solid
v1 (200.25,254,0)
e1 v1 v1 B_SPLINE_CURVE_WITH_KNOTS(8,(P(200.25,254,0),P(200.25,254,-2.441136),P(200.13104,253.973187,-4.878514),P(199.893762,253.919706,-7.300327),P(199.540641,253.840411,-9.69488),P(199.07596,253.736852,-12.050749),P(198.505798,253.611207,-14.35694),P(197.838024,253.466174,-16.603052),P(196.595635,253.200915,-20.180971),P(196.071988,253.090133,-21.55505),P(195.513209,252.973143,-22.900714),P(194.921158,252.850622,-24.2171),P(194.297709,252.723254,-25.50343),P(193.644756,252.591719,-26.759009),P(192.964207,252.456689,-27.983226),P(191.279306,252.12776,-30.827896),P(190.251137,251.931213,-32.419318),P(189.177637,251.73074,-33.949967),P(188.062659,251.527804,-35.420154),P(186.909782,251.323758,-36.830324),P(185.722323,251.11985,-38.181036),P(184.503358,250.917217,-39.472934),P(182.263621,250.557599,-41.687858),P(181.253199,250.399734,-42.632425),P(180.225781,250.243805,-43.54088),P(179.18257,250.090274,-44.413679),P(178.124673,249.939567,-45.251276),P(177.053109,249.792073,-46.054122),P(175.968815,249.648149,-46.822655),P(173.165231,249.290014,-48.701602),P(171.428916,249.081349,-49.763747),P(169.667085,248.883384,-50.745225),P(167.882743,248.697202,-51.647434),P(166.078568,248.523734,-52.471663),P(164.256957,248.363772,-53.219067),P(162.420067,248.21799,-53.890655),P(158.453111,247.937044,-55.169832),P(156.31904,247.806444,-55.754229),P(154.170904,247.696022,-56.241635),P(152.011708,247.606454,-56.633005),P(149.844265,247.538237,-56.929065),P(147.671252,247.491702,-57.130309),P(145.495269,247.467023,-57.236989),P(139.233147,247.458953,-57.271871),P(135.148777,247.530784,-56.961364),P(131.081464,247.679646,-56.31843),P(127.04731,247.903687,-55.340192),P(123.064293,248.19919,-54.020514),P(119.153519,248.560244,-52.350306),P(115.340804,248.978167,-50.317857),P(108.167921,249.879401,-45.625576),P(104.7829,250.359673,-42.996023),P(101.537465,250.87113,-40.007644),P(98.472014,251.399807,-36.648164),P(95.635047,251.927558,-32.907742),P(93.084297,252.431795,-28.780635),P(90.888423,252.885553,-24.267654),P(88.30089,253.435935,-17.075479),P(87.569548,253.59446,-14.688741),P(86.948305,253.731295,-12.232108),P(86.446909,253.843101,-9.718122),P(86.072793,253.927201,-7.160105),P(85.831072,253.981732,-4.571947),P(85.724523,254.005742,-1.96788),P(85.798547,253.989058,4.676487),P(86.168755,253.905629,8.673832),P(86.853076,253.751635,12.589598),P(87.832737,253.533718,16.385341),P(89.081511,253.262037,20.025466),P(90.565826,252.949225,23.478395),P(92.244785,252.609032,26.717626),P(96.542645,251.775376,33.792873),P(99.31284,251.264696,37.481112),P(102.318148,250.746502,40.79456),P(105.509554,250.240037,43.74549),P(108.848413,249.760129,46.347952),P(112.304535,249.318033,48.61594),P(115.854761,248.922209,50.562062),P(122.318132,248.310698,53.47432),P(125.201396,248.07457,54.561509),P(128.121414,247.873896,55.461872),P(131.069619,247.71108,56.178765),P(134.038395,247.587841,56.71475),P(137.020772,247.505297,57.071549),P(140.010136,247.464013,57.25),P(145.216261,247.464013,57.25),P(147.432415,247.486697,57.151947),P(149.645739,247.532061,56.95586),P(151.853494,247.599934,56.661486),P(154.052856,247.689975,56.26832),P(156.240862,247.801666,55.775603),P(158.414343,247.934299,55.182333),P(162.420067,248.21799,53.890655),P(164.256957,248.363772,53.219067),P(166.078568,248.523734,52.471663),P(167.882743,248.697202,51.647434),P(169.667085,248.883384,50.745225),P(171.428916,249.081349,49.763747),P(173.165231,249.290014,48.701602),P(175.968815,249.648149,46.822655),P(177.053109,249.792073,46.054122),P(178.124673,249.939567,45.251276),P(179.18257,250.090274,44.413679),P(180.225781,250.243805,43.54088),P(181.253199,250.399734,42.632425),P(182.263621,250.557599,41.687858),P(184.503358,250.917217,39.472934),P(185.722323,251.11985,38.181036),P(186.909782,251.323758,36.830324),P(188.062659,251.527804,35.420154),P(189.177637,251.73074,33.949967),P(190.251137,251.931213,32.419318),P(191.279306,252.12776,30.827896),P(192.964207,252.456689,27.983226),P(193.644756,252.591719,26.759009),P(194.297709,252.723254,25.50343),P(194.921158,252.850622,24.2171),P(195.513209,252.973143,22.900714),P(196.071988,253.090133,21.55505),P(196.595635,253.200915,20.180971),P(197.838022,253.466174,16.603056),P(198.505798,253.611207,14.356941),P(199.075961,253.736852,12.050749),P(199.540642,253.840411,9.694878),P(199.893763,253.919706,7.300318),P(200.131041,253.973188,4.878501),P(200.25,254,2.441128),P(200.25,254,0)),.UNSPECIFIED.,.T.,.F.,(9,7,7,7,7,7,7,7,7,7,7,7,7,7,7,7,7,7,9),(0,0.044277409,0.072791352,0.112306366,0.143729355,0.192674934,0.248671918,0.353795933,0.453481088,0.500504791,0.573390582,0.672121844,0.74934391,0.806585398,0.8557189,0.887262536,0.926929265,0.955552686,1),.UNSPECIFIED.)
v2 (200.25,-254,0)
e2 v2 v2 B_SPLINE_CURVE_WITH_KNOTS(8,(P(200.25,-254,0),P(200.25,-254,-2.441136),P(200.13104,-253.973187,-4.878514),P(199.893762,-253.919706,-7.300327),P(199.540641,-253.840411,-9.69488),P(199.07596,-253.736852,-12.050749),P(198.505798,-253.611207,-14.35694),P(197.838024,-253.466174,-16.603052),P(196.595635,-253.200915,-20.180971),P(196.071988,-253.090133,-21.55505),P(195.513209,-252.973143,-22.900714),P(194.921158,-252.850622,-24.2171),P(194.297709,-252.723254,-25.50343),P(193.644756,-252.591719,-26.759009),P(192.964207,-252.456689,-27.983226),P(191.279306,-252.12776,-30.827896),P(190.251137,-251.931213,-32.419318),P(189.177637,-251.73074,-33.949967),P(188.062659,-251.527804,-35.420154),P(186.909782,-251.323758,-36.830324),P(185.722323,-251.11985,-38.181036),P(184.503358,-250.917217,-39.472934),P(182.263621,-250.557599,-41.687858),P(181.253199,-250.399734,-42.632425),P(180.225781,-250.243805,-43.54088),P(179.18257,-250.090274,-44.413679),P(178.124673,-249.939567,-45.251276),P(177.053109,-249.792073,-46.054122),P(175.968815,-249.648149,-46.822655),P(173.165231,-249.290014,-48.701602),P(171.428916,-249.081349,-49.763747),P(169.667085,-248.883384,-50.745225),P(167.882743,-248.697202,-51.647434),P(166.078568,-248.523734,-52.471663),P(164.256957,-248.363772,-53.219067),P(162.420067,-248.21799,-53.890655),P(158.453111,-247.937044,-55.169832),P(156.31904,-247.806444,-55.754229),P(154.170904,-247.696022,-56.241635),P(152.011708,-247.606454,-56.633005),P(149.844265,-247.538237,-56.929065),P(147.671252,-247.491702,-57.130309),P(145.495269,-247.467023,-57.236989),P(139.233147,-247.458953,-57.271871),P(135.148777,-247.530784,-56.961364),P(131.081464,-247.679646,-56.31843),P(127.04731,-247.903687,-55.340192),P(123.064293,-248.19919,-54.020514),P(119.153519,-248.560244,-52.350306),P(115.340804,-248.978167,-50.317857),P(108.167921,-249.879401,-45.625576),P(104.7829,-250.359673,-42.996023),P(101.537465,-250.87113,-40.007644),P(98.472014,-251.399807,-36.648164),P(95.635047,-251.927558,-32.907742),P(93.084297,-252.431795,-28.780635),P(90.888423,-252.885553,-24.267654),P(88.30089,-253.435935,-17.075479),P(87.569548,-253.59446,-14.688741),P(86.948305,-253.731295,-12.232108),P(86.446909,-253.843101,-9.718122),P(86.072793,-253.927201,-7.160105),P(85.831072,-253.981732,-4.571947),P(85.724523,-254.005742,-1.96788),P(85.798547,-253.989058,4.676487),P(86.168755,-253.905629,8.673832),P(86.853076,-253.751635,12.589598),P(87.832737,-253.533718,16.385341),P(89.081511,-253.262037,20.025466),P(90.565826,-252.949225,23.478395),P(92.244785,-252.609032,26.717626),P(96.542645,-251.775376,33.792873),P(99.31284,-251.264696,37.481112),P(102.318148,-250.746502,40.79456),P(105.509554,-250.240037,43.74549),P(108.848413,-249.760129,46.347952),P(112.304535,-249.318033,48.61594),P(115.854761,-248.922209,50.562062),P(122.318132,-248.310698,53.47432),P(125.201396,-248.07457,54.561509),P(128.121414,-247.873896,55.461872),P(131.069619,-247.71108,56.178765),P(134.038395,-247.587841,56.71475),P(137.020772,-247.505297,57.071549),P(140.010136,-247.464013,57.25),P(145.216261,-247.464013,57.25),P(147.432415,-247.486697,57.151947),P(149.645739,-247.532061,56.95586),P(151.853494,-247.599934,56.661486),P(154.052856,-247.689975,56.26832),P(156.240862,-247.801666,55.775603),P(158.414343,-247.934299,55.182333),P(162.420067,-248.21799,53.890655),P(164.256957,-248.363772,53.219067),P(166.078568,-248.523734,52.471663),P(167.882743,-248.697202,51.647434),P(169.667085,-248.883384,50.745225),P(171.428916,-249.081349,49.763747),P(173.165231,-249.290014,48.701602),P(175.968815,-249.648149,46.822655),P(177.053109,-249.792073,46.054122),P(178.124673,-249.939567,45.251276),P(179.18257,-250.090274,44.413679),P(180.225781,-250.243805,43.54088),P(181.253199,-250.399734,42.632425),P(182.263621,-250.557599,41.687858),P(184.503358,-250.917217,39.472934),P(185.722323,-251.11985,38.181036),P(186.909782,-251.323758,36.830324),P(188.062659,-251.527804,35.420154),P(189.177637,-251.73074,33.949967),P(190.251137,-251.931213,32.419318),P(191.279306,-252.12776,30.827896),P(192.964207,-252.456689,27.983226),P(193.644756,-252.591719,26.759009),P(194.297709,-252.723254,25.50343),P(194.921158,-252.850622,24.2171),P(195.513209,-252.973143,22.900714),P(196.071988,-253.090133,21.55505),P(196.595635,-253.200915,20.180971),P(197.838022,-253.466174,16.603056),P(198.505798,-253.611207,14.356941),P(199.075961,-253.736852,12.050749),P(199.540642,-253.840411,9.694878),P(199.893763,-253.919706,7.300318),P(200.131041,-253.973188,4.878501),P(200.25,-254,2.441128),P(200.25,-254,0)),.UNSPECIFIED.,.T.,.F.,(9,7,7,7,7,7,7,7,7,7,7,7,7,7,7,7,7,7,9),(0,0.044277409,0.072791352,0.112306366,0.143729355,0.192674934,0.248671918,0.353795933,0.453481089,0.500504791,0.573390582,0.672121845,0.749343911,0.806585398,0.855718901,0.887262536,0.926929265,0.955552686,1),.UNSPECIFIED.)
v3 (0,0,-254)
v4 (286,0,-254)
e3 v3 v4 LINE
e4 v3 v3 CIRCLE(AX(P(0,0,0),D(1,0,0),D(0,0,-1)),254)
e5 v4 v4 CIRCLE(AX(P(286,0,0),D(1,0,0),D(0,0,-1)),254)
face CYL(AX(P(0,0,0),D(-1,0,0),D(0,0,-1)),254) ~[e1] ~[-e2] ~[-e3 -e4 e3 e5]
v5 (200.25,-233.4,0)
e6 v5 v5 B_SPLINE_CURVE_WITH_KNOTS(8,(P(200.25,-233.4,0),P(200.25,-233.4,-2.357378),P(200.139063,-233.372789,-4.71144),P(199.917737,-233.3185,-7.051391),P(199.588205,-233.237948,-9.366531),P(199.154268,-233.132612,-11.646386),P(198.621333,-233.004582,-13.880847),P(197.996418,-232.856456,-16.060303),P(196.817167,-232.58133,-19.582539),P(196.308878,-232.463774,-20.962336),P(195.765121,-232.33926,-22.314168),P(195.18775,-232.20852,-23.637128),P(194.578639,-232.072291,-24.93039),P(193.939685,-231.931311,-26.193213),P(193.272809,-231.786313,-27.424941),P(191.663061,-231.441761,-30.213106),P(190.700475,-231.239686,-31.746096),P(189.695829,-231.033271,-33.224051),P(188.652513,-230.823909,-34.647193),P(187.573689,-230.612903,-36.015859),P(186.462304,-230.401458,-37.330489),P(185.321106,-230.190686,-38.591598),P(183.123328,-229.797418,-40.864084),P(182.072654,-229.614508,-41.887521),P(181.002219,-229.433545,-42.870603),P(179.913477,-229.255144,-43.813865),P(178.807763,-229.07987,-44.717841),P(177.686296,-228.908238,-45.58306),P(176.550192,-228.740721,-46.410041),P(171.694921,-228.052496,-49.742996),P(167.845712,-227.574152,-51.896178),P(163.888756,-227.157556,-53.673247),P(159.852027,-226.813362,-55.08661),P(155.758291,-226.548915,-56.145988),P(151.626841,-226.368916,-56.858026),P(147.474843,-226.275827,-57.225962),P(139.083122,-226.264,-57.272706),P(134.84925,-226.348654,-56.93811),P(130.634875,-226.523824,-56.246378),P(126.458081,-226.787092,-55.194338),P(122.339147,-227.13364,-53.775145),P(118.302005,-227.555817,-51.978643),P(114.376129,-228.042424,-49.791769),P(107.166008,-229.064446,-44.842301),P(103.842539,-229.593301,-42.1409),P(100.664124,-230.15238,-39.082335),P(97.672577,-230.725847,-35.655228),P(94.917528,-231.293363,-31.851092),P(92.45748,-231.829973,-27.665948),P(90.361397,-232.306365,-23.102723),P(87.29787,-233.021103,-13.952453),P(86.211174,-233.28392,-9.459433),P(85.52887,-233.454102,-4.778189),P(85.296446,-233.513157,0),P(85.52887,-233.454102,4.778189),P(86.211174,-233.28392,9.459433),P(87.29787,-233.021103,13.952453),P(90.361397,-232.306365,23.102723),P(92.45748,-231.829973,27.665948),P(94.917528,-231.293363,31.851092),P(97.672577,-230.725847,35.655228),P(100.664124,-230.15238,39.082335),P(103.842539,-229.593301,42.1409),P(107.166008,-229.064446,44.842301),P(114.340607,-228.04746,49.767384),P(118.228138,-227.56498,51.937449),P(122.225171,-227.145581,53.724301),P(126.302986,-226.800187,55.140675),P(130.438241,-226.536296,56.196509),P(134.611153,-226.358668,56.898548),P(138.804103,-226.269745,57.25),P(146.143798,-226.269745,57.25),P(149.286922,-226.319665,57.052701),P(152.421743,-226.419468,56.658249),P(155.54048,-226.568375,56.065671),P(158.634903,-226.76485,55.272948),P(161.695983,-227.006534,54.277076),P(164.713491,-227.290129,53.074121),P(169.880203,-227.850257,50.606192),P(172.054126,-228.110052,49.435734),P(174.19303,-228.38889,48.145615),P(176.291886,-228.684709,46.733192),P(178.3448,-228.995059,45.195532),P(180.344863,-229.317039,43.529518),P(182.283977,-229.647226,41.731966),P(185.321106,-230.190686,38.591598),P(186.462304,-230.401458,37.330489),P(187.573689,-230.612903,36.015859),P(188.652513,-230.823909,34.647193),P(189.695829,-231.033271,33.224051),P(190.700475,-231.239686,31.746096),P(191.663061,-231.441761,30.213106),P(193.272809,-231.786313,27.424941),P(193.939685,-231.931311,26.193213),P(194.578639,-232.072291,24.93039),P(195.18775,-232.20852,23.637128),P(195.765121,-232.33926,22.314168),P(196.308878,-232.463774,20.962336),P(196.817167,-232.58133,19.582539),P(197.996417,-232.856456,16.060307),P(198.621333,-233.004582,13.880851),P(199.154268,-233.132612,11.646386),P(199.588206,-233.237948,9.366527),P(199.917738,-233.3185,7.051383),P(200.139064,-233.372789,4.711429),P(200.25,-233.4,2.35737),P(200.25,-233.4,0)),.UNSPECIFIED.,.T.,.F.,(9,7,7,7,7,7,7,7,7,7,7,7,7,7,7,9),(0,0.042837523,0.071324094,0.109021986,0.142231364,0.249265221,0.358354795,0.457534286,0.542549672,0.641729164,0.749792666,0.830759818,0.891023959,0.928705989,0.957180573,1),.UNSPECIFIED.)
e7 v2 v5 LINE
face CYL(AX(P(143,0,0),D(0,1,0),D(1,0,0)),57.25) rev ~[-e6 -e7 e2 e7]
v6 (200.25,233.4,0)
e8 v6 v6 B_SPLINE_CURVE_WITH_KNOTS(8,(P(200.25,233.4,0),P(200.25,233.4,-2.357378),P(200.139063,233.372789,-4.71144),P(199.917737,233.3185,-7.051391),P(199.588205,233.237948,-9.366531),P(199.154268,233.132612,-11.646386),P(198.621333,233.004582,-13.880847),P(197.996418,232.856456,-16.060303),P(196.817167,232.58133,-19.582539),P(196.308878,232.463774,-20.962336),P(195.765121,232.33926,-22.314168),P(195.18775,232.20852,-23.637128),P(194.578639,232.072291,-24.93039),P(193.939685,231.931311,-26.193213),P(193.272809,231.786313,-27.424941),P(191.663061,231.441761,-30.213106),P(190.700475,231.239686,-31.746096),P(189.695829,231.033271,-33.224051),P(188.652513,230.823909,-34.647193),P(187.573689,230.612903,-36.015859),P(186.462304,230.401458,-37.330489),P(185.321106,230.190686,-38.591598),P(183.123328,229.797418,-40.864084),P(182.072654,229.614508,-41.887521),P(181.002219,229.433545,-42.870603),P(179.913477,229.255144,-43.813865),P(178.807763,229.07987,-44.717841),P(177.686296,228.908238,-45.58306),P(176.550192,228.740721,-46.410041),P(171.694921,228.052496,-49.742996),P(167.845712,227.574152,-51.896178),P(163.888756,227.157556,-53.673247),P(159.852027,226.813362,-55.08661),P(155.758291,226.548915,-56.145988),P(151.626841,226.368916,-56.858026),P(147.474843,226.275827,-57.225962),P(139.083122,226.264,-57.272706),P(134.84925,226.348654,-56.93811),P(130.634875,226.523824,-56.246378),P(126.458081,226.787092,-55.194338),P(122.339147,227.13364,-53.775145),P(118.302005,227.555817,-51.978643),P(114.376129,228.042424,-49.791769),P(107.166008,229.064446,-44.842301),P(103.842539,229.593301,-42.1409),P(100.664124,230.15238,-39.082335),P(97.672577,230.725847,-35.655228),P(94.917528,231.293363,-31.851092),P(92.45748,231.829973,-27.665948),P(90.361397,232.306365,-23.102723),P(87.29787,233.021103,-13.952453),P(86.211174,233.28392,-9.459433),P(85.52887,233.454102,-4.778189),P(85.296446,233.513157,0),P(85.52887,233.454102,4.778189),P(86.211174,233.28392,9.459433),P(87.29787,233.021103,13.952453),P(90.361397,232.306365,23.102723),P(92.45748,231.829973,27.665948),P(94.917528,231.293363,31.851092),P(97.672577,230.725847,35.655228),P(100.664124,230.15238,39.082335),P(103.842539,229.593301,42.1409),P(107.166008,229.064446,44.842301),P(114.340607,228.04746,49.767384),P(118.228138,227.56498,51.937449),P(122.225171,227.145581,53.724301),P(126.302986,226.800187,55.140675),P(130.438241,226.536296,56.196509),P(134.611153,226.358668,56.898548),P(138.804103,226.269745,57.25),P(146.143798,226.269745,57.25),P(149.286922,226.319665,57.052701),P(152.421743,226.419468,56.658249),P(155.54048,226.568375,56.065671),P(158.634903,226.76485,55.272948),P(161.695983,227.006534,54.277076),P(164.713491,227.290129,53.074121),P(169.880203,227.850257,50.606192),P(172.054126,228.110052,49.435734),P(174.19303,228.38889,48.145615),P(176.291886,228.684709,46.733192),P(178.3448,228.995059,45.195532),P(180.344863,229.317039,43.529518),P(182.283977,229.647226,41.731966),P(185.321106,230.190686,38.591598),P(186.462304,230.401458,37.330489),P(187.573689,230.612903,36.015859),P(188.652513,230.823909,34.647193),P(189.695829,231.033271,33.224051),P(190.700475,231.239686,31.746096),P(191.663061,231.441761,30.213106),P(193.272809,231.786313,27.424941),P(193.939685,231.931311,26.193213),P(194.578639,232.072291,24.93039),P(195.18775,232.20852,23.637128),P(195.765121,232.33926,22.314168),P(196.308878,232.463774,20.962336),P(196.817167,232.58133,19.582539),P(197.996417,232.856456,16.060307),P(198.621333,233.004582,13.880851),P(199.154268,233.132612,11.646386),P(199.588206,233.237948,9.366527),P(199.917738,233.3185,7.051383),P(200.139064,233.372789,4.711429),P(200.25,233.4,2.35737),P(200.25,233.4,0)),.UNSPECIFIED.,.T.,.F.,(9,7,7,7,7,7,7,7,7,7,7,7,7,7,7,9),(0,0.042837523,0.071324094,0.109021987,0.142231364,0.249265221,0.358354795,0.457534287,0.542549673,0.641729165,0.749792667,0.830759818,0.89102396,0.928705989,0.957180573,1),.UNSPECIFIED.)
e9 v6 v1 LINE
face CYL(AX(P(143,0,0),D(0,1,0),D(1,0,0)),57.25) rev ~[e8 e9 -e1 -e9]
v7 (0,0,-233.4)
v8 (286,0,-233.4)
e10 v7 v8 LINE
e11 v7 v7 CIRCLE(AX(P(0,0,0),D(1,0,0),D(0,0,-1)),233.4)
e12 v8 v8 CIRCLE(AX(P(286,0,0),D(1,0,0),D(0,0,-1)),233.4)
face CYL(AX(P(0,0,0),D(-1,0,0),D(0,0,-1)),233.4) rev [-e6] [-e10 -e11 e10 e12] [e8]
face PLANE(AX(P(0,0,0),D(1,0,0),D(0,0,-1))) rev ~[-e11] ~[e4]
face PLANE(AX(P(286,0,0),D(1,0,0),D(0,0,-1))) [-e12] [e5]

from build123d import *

# Parameters (mm, degrees)
SKETCH1_R           = 254
SKETCH1_R_2         = 233.4
BOSS_EXTRUDE1_DEPTH = 286
SKETCH2_R           = 57.25
CUT_EXTRUDE1_DEPTH  = 273


with BuildPart() as part:
    # Sketch1 → Boss-Extrude1 (new body)
    with BuildSketch(Plane(origin=(0, 0, 0), x_dir=(0, 0, -1), z_dir=(1, 0, 0))):
        Circle(SKETCH1_R)
        Circle(SKETCH1_R_2, mode=Mode.SUBTRACT)
    extrude(amount=BOSS_EXTRUDE1_DEPTH)

    # Sketch2 → Cut-Extrude1 (cut, symmetric)
    with BuildSketch(Plane(origin=(0, 0, 0), x_dir=(1, 0, 0), z_dir=(0, 1, 0))):
        with Locations((143, 0)):
            Circle(SKETCH2_R)
    extrude(amount=CUT_EXTRUDE1_DEPTH, both=True, mode=Mode.SUBTRACT)


solid = part.part
